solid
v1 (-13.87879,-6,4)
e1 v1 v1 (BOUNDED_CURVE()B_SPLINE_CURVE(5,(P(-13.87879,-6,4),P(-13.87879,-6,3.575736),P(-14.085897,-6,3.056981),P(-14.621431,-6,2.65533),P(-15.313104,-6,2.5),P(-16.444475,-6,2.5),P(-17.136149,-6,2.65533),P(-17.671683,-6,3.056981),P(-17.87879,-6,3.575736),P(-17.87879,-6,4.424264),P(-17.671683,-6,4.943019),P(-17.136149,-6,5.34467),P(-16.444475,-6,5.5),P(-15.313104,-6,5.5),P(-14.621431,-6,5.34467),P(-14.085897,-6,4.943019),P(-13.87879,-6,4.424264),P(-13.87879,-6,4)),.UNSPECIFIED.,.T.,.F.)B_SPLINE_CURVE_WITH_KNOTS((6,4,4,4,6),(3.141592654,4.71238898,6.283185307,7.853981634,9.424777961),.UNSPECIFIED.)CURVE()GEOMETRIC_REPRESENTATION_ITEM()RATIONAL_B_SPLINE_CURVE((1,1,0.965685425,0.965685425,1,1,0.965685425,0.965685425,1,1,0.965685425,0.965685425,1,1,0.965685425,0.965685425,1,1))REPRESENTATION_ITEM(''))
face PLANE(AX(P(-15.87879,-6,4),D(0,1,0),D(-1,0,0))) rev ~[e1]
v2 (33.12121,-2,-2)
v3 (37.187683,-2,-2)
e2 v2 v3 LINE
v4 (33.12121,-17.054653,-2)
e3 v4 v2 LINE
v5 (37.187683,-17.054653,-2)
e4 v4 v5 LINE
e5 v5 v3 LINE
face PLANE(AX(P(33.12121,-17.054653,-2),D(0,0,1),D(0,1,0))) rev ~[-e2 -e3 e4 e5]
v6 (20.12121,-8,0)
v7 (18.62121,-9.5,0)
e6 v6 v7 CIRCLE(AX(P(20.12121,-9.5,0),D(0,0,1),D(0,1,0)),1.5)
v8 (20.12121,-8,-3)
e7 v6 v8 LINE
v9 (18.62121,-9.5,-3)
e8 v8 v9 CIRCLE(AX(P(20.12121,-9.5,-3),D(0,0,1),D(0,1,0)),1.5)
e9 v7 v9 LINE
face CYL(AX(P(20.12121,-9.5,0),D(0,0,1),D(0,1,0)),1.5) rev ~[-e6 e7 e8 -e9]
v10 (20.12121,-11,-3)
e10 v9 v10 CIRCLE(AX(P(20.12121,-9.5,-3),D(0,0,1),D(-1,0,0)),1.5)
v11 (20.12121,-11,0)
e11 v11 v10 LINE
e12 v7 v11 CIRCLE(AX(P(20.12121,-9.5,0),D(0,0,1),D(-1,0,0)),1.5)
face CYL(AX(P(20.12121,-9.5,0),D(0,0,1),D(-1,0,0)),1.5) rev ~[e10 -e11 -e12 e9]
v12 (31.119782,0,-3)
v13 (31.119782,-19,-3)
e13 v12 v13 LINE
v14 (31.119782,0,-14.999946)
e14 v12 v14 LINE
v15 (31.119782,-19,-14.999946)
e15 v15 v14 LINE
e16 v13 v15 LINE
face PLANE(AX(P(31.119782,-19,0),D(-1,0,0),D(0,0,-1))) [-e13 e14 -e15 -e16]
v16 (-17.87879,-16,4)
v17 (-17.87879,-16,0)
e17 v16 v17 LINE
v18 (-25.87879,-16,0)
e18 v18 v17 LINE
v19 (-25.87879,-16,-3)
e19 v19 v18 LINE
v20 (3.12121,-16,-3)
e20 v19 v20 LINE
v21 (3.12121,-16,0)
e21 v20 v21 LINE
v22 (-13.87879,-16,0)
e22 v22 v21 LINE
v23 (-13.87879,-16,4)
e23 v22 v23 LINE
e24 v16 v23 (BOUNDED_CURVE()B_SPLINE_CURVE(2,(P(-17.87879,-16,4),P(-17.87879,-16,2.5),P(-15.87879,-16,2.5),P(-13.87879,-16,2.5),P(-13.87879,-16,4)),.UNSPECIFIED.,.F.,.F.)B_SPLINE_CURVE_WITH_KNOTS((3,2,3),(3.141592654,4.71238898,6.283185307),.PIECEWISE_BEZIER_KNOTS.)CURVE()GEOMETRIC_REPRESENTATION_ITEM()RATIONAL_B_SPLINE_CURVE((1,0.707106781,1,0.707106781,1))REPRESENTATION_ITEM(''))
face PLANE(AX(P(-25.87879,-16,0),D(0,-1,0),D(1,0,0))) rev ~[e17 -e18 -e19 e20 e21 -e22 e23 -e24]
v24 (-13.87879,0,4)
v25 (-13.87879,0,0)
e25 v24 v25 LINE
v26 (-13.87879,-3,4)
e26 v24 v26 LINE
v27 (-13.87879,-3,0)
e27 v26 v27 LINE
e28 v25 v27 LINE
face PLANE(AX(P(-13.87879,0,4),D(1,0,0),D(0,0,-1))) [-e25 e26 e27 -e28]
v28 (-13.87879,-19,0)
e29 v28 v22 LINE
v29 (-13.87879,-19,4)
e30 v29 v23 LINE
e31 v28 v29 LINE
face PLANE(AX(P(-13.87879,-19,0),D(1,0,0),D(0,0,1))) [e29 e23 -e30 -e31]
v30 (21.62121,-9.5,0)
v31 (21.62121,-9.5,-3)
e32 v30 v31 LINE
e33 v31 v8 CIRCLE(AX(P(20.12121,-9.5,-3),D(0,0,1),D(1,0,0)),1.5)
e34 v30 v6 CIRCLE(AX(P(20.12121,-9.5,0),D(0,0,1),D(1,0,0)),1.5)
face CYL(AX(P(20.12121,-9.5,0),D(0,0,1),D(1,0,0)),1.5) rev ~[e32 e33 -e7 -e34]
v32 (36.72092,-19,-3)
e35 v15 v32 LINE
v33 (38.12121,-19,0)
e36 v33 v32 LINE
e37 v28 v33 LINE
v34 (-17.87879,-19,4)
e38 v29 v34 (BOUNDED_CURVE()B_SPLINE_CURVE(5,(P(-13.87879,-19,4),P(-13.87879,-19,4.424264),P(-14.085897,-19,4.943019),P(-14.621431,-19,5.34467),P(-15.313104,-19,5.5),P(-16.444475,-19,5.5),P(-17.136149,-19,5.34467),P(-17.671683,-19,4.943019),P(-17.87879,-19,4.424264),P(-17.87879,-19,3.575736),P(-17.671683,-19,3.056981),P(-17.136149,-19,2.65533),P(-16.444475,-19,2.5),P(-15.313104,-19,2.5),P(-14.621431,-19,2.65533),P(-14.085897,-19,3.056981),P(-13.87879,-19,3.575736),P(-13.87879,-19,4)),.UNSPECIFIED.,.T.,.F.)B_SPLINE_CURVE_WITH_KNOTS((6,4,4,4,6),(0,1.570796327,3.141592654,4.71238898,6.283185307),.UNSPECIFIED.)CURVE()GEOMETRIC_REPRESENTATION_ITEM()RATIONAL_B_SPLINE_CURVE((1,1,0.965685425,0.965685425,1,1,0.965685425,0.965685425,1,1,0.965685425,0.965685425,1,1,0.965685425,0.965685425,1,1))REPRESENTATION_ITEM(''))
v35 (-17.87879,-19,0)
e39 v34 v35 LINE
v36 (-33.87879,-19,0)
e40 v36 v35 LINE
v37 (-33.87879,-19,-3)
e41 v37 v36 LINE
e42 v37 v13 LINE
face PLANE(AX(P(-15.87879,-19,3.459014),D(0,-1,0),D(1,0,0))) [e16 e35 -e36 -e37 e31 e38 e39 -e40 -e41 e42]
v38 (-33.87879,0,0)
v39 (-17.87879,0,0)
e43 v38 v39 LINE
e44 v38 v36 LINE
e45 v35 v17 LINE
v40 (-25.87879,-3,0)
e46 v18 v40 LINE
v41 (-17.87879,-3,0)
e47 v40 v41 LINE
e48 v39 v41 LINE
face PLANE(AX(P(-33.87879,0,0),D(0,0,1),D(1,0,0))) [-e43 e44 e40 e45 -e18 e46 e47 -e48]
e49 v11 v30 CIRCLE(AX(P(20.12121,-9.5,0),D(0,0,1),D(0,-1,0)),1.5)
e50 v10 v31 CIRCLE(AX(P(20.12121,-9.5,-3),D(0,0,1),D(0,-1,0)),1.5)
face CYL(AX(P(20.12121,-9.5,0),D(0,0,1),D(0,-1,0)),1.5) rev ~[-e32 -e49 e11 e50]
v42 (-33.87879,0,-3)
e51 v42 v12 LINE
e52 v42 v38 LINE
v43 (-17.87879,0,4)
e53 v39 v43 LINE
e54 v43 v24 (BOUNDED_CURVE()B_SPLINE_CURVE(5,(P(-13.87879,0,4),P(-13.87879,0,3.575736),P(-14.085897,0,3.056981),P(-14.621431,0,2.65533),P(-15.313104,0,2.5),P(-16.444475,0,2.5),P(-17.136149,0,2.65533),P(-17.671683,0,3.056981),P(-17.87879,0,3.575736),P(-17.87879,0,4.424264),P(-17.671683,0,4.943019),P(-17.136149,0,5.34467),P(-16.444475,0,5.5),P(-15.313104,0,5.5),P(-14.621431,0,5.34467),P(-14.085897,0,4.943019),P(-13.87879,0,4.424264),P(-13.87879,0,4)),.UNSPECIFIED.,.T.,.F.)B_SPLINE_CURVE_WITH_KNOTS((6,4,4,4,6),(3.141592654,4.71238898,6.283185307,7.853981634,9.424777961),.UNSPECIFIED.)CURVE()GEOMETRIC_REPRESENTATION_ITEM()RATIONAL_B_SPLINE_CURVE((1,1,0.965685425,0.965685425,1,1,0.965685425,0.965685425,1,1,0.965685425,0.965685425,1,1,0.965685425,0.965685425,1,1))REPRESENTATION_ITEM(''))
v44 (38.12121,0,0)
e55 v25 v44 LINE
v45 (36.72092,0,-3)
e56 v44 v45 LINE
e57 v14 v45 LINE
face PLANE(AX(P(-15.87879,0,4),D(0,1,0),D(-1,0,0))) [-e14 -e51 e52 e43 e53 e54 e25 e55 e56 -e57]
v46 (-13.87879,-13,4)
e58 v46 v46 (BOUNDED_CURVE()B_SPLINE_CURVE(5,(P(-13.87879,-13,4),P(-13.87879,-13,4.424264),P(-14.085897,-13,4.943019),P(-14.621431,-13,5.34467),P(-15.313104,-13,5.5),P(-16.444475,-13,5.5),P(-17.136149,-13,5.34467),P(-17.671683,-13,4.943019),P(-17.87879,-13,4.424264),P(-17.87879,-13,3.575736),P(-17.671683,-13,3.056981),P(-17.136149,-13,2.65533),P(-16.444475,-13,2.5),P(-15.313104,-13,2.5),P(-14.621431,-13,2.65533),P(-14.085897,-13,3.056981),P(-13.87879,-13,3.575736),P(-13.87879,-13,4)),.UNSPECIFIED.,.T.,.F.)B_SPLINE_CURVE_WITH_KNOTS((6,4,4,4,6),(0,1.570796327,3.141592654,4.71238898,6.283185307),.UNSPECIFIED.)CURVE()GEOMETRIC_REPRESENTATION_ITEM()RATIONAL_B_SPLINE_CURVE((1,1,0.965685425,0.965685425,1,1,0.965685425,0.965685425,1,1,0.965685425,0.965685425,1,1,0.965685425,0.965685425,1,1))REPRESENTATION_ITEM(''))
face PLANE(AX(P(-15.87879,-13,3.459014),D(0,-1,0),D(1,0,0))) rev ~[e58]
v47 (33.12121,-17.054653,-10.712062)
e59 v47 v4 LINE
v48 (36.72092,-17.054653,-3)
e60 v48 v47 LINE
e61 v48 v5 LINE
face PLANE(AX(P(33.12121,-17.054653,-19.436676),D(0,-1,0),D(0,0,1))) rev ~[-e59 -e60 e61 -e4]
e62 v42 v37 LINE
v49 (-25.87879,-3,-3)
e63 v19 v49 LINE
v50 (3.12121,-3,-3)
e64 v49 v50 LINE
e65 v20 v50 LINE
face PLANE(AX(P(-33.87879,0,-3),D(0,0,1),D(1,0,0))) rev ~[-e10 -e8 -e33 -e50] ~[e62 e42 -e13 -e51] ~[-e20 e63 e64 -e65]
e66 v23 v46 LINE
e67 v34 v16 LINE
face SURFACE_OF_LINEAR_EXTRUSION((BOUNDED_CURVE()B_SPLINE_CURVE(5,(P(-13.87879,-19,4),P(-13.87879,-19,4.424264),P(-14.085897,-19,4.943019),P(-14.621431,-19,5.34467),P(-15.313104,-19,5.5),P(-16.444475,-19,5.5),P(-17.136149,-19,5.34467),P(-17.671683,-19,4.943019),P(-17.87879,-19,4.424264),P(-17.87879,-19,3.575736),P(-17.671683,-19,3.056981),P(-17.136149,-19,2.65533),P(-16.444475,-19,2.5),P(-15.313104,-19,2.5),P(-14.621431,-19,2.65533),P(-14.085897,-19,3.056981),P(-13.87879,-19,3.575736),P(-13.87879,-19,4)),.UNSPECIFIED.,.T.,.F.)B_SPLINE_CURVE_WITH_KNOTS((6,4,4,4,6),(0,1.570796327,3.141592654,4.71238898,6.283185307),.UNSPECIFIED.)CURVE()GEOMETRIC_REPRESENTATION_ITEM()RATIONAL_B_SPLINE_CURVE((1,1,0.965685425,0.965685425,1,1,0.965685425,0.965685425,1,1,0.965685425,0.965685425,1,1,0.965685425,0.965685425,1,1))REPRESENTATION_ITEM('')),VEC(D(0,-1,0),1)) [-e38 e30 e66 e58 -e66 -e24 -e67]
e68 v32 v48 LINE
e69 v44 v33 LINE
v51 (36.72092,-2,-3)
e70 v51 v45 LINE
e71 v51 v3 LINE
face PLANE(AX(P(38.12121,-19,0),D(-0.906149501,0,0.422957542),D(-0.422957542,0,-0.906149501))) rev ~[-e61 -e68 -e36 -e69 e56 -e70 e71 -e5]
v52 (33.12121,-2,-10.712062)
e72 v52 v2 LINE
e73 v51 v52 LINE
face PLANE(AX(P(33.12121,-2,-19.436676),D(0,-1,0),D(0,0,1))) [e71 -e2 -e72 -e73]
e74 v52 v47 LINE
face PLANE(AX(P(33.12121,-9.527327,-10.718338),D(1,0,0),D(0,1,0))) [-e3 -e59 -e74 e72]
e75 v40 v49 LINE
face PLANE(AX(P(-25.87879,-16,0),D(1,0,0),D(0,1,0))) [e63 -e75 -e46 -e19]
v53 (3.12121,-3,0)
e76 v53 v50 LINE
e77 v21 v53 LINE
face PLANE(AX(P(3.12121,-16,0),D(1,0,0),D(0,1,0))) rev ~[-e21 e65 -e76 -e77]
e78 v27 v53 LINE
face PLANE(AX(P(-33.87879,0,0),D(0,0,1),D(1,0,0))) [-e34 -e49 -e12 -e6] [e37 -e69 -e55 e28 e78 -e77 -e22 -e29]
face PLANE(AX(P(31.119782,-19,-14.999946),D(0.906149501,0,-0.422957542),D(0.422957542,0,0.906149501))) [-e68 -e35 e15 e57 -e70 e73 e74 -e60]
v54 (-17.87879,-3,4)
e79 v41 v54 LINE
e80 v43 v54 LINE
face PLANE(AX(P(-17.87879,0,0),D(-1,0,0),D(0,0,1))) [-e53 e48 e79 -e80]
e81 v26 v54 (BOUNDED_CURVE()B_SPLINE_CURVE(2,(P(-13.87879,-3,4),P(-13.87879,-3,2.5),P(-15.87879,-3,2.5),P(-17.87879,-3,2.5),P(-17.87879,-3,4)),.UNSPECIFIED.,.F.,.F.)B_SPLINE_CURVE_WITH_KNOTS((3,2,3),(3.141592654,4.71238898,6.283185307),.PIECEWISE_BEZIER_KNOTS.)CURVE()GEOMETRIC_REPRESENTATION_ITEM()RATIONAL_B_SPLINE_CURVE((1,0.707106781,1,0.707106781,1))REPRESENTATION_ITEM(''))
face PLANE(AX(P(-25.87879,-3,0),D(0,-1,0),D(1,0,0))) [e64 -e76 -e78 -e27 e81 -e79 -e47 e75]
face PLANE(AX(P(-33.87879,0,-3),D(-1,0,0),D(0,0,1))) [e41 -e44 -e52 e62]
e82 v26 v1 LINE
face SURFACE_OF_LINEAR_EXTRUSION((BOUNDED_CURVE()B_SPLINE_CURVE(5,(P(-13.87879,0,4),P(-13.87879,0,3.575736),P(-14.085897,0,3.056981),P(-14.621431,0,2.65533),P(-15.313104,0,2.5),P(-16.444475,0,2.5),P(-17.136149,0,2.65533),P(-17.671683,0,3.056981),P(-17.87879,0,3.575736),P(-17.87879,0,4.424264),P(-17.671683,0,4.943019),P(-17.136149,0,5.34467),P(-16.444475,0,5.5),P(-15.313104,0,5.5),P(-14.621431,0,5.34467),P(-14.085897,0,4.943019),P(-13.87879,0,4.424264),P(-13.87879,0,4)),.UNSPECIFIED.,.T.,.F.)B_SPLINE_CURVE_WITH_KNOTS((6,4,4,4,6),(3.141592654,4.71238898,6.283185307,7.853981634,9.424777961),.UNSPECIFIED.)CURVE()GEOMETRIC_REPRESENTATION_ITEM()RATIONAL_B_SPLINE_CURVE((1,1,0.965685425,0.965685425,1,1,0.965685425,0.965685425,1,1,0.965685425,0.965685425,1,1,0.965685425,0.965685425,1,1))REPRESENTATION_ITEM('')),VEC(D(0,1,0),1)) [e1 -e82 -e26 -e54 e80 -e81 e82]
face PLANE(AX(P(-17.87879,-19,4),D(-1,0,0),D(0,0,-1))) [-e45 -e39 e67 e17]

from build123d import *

# Parameters (mm, degrees)
F0_W      = 72
F0_H      = 3
F1_DEPTH  = 19
F2_W      = 29
F2_H      = 13
F3_DEPTH  = 12.5
F7_DEPTH  = 19
F8_DEPTH  = 20
F9_W      = 15.054653123
F9_H      = 17.4366760552
F10_DEPTH = 25
F12_DEPTH = 12.5
F14_DEPTH = 3
F15_DEPTH = 6
F17_DEPTH = 3
F18_DEPTH = 6


with BuildPart() as f1:
    # F0 (on Front) → F1 (new body)
    with BuildSketch(Plane.XZ):
        with Locations((2.1212100983, -1.5)):
            Rectangle(F0_W, F0_H)
    extrude(amount=F1_DEPTH)

    # F2 (on face) → F3 (cut, symmetric)
    with BuildSketch(Plane.XY):
        with Locations((-11.3787899017, -9.5)):
            Rectangle(F2_W, F2_H)
    extrude(amount=F3_DEPTH, both=True, mode=Mode.SUBTRACT)

    # F6 (on face) → F7 (join)
    with BuildSketch(Plane.XZ.offset(19)):
        Polygon((36.7209195002, -3), (38.1212100983, 0), (31.1197824776, 0), (31.1197824776, -3), align=None)
        Polygon((31.1197824776, -14.999945648), (36.7209195002, -3), (31.1197824776, -3), align=None)
    extrude(amount=-F7_DEPTH)

    # F6 (on face) → F8 (cut, symmetric)
    with BuildSketch(Plane.XZ.offset(19)):
        Polygon((38.1212100983, -3), (38.1212100983, 0), (36.7209195002, -3), align=None)
        Polygon((42.2334298491, 0), (38.1212100983, 0), (38.1212100983, -3), (36.7209195002, -3), (31.1197824776, -14.999945648), (42.2334298491, -15.8877465874), align=None)
    extrude(amount=F8_DEPTH, both=True, mode=Mode.SUBTRACT)

    # F9 (on offset) → F10 (cut)
    with BuildSketch(Plane.YZ.offset(33.1212100983)):
        with Locations((-9.5273265615, -10.7183380276)):
            Rectangle(F9_W, F9_H)
    extrude(amount=F10_DEPTH, mode=Mode.SUBTRACT)

    # F11 (on face) → F12 (cut, symmetric)
    with BuildSketch(Plane.XY):
        with BuildLine():
            Line((20.1212100983, -9.5), (20.1212100983, -8))
            ThreePointArc((20.1212100983, -8), (19.0605499265, -8.4393398282), (18.6212100983, -9.5))
            Line((18.6212100983, -9.5), (20.1212100983, -9.5))
        make_face()
        with BuildLine():
            ThreePointArc((21.6212100983, -9.5), (21.18187027, -8.4393398282), (20.1212100983, -8))
            Line((20.1212100983, -8), (20.1212100983, -9.5))
            Line((20.1212100983, -9.5), (20.1212100983, -11))
            ThreePointArc((20.1212100983, -11), (21.18187027, -10.5606601718), (21.6212100983, -9.5))
        make_face()
        with BuildLine():
            Line((20.1212100983, -9.5), (18.6212100983, -9.5))
            ThreePointArc((18.6212100983, -9.5), (19.0605499265, -10.5606601718), (20.1212100983, -11))
            Line((20.1212100983, -11), (20.1212100983, -9.5))
        make_face()
    extrude(amount=F12_DEPTH, both=True, mode=Mode.SUBTRACT)

    # F13 (on face) → F14 (join)
    with BuildSketch(Plane.XZ.offset(19)):
        with BuildLine():
            Line((-17.8787899017, 4), (-17.8787899017, 0))
            Line((-17.8787899017, 0), (-13.8787899017, 0))
            Line((-13.8787899017, 0), (-13.8787899017, 4))
            add(Edge.make_bspline(
                [(-17.8787899017, 4), (-17.8787899017, 2.5), (-15.8787899017, 2.5), (-13.8787899017, 2.5), (-13.8787899017, 4)],
                knots=[3.1415926536, 3.1415926536, 3.1415926536, 4.7123889804, 4.7123889804, 6.2831853072, 6.2831853072, 6.2831853072], degree=2, weights=[1, 0.7071067812, 1, 0.7071067812, 1]))
        make_face()
    extrude(amount=-F14_DEPTH)

    # F13 (on face) → F15 (join)
    with BuildSketch(Plane.XZ.offset(19)):
        with BuildLine():
            Line((-13.8787899017, 4), (-17.8787899017, 4))
            add(Edge.make_bspline(
                [(-17.8787899017, 4), (-17.8787899017, 2.5), (-15.8787899017, 2.5), (-13.8787899017, 2.5), (-13.8787899017, 4)],
                knots=[3.1415926536, 3.1415926536, 3.1415926536, 4.7123889804, 4.7123889804, 6.2831853072, 6.2831853072, 6.2831853072], degree=2, weights=[1, 0.7071067812, 1, 0.7071067812, 1]))
        make_face()
        with BuildLine():
            add(Edge.make_bspline(
                [(-13.8787899017, 4), (-13.8787899017, 5.5), (-15.8787899017, 5.5), (-17.8787899017, 5.5), (-17.8787899017, 4)],
                knots=[0, 0, 0, 1.5707963268, 1.5707963268, 3.1415926536, 3.1415926536, 3.1415926536], degree=2, weights=[1, 0.7071067812, 1, 0.7071067812, 1]))
            Line((-17.8787899017, 4), (-13.8787899017, 4))
        make_face()
    extrude(amount=-F15_DEPTH)

    # F16 (on face) → F17 (join)
    with BuildSketch(Plane(origin=(0, 0, 0), x_dir=(-1, 0, 0), z_dir=(0, 1, 0))):
        with BuildLine():
            Line((13.8787899017, 4), (13.8787899017, 0))
            Line((13.8787899017, 0), (17.8787899017, 0))
            Line((17.8787899017, 0), (17.8787899017, 4))
            add(Edge.make_bspline(
                [(13.8787899017, 4), (13.8787899017, 2.5), (15.8787899017, 2.5), (17.8787899017, 2.5), (17.8787899017, 4)],
                knots=[3.1415926536, 3.1415926536, 3.1415926536, 4.7123889804, 4.7123889804, 6.2831853072, 6.2831853072, 6.2831853072], degree=2, weights=[1, 0.7071067812, 1, 0.7071067812, 1]))
        make_face()
    extrude(amount=-F17_DEPTH)

    # F16 (on face) → F18 (join)
    with BuildSketch(Plane(origin=(0, 0, 0), x_dir=(-1, 0, 0), z_dir=(0, 1, 0))):
        with BuildLine():
            add(Edge.make_bspline(
                [(17.8787899017, 4), (17.8787899017, 5.5), (15.8787899017, 5.5), (13.8787899017, 5.5), (13.8787899017, 4)],
                knots=[0, 0, 0, 1.5707963268, 1.5707963268, 3.1415926536, 3.1415926536, 3.1415926536], degree=2, weights=[1, 0.7071067812, 1, 0.7071067812, 1]))
            add(Edge.make_bspline(
                [(13.8787899017, 4), (13.8787899017, 2.5), (15.8787899017, 2.5), (17.8787899017, 2.5), (17.8787899017, 4)],
                knots=[3.1415926536, 3.1415926536, 3.1415926536, 4.7123889804, 4.7123889804, 6.2831853072, 6.2831853072, 6.2831853072], degree=2, weights=[1, 0.7071067812, 1, 0.7071067812, 1]))
        make_face()
    extrude(amount=-F18_DEPTH)


solid = f1.part
